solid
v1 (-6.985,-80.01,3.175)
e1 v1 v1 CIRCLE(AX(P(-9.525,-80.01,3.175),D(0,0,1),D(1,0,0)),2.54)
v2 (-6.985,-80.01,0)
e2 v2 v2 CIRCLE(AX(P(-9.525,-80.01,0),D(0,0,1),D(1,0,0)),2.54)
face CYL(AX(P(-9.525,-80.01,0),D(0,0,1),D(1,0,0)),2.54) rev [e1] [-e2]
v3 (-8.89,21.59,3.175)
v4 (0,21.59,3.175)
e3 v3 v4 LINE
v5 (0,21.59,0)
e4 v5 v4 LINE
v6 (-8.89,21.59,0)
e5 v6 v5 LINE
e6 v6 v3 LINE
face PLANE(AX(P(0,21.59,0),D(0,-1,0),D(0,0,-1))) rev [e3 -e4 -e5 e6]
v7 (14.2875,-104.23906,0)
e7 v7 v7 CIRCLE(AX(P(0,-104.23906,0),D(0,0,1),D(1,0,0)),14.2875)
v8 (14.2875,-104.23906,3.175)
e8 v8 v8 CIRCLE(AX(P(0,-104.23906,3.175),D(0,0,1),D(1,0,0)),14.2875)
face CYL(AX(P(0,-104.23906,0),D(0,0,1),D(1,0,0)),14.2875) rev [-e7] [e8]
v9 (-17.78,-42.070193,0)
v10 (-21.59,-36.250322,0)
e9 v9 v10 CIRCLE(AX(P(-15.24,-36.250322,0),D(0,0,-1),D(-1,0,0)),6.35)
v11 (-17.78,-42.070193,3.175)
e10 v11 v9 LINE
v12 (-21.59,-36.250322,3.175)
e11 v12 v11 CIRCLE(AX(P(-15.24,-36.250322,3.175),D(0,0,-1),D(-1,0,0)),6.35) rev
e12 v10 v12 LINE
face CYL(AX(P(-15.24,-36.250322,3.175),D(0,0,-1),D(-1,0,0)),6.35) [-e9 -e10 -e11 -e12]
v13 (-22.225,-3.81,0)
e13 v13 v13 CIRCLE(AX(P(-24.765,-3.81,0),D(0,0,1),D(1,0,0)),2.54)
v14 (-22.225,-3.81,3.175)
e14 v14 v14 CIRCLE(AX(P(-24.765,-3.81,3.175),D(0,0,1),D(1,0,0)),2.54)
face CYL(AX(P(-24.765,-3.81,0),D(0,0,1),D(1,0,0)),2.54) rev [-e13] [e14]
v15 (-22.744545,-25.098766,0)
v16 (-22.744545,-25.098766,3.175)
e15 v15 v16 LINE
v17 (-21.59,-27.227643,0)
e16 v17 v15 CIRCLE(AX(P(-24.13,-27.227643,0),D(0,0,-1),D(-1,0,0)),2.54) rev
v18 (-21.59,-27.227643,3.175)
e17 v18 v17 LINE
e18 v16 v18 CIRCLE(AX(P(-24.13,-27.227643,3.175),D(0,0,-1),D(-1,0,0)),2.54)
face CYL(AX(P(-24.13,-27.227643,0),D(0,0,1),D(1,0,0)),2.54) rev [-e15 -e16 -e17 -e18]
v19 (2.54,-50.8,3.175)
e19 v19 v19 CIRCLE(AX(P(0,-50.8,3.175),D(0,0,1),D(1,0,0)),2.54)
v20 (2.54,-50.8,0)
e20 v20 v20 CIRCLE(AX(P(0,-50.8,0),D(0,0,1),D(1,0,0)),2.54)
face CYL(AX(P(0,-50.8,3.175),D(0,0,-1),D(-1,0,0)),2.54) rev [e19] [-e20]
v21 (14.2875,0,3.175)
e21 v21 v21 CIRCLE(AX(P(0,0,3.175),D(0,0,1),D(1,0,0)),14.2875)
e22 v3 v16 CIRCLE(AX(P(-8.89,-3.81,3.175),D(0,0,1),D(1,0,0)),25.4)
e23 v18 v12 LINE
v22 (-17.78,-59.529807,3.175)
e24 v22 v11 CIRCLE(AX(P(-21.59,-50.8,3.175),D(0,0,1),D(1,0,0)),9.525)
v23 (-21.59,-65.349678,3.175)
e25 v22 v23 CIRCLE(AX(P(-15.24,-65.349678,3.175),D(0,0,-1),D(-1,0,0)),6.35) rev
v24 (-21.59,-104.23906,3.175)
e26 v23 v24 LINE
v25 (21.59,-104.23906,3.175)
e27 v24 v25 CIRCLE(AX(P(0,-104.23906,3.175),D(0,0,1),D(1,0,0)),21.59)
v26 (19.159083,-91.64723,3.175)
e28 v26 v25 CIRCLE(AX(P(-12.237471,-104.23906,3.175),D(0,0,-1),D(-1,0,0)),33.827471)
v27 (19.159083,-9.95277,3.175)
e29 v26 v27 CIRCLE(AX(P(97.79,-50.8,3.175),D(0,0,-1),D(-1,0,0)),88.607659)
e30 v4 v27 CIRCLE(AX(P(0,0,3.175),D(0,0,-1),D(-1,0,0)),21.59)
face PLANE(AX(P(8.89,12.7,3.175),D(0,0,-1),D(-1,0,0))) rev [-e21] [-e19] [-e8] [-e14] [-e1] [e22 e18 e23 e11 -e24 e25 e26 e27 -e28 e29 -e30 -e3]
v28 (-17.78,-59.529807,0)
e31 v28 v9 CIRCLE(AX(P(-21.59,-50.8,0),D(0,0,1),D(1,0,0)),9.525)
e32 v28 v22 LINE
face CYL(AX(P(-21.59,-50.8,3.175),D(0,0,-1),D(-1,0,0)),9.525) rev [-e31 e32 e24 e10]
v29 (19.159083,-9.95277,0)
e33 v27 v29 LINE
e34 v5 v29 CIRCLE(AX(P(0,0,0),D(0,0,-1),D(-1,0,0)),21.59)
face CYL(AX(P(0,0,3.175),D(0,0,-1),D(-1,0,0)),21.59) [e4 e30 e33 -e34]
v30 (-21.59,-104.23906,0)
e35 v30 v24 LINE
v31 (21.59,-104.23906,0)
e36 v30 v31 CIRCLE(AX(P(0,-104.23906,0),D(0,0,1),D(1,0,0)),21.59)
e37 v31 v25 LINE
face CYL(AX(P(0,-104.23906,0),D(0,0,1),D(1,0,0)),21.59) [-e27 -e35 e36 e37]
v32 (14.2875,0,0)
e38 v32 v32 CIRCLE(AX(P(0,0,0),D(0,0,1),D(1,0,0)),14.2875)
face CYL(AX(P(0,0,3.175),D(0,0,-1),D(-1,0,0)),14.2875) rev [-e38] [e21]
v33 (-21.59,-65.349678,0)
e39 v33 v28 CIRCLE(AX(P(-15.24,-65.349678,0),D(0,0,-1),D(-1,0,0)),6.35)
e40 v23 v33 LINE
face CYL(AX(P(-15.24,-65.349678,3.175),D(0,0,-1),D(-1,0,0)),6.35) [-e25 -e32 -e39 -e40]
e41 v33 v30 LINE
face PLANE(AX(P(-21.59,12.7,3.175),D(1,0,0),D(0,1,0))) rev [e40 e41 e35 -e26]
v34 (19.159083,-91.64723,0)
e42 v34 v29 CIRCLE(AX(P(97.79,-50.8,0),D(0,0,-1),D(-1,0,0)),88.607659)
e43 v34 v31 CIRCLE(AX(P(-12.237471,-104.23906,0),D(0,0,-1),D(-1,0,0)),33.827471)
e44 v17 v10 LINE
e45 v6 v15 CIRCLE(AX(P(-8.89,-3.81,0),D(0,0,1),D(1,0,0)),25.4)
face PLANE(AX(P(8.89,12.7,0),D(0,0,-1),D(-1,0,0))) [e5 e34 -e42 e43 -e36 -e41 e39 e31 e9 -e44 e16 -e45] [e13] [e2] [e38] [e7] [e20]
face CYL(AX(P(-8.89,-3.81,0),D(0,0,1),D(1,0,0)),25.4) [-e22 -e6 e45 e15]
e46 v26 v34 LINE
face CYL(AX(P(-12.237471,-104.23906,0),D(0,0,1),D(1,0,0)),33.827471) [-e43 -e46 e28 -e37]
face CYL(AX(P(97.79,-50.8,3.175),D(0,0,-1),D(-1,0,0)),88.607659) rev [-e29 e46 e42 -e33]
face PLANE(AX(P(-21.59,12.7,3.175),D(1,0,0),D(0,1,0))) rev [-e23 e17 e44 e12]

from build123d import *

# Parameters (mm, degrees)
SKETCH1_R            = 14.2875
SKETCH1_R_2          = 2.54
BOSS_EXTRUDE1_DEPTH  = 3.175
CUT_EXTRUDE1_DEPTH   = 162.674043733
FILLET3_R            = 6.35
BOSS_EXTRUDE3_START  = -3.175
SKETCH3_R            = 2.54
BOSS_EXTRUDE3_DEPTH  = 3.175
SKETCH6_R            = 2.54
BOSS_EXTRUDE4_DEPTH  = 3.175
FILLET2_R            = 6.35
CUT_EXTRUDE2_DEPTH   = 168.423732074
CUT_EXTRUDE3_DEPTH   = 168.423732074
CUT_EXTRUDE4_DEPTH   = 168.265702461
BOSS_EXTRUDE8_START  = -3.175
SKETCH15_R           = 2.54
BOSS_EXTRUDE8_DEPTH  = 3.175
FILLET4_R            = 2.54
BOSS_EXTRUDE9_DEPTH  = 3.175
SKETCH17_R           = 14.2875
BOSS_EXTRUDE10_DEPTH = 3.175
CUT_EXTRUDE5_DEPTH   = 131.456264953
SKETCH20_R           = 14.2875
CUT_EXTRUDE6_DEPTH   = 131.456264953
SKETCH21_R           = 2.54
CUT_EXTRUDE7_DEPTH   = 131.456264953


with BuildPart() as part:
    # Sketch1 → Boss-Extrude1 (new body)
    with BuildSketch(Plane.XY):
        with BuildLine():
            Line((-8.89, 25.4), (8.89, 25.4))
            ThreePointArc((8.89, 25.4), (17.870256121, 21.680256121), (21.59, 12.7))
            Line((21.59, 12.7), (21.59, -117.775079775))
            ThreePointArc((21.59, -117.775079775), (21.127743647, -120.388718212), (19.797058824, -122.685251408))
            Line((19.797058824, -122.685251408), (-7.952696208, -155.616779465))
            ThreePointArc((-7.952696208, -155.616779465), (-12.268297602, -157.851943494), (-16.900388255, -156.380852124))
            Line((-16.900388255, -156.380852124), (-32.439211784, -143.287061102))
            ThreePointArc((-32.439211784, -143.287061102), (-34.674375812, -138.971459708), (-33.203284443, -134.339369055))
            Line((-33.203284443, -134.339369055), (-23.382941176, -122.685251408))
            ThreePointArc((-23.382941176, -122.685251408), (-22.052256353, -120.388718212), (-21.59, -117.775079775))
            Line((-21.59, -117.775079775), (-21.59, 12.7))
            ThreePointArc((-21.59, 12.7), (-17.870256121, 21.680256121), (-8.89, 25.4))
        make_face()
        Circle(SKETCH1_R, mode=Mode.SUBTRACT)
        with Locations((0, -101.6)):
            Circle(SKETCH1_R, mode=Mode.SUBTRACT)
        with Locations((-18.532085478, -142.550133084)):
            Circle(SKETCH1_R_2, mode=Mode.SUBTRACT)
        with Locations((0, -50.8)):
            Circle(SKETCH1_R_2, mode=Mode.SUBTRACT)
    extrude(amount=BOSS_EXTRUDE1_DEPTH)

    # Sketch2 → Cut-Extrude1 (cut, through all)
    with BuildSketch(Plane.XY):
        with BuildLine():
            ThreePointArc((19.159083004, -91.647229609), (9.182340769, -50.8), (19.159083004, -9.952770391))
            ThreePointArc((19.159083004, -9.952770391), (20.973467787, -5.122670102), (21.59, 0))
            Line((21.59, 0), (27.94, 0))
            Line((27.94, 0), (27.94, -121.656687185))
            Line((27.94, -121.656687185), (-7.789552878, -164.05809836))
            Line((-7.789552878, -164.05809836), (-17.501317584, -155.874478972))
            Line((-17.501317584, -155.874478972), (16.51, -115.512152961))
            ThreePointArc((16.51, -115.512152961), (20.280273667, -109.005308906), (21.59, -101.6))
            ThreePointArc((21.59, -101.6), (20.973467787, -96.477329898), (19.159083004, -91.647229609))
        make_face()
        with BuildLine():
            Line((-21.59, -41.275), (-21.59, -60.325))
            ThreePointArc((-21.59, -60.325), (-12.065, -50.8), (-21.59, -41.275))
        make_face()
    extrude(amount=CUT_EXTRUDE1_DEPTH, mode=Mode.SUBTRACT)

    # Fillet3
    fillet3_edges = [part.edges().sort_by_distance(p)[0] for p in [
        (-21.59, -41.275, 1.5875),
        (-21.59, -60.325, 1.5875),
    ]]
    fillet(fillet3_edges, radius=FILLET3_R)

    # Sketch3 → Boss-Extrude3 (add)
    with BuildSketch(Plane.XY.offset(3.175).offset(BOSS_EXTRUDE3_START)):
        with BuildLine():
            Line((-27.351416194, -127.394768527), (-36.025496499, -137.688579))
            ThreePointArc((-36.025496499, -137.688579), (-37.217489152, -141.441859142), (-35.4063854, -144.93869507))
            Line((-35.4063854, -144.93869507), (-24.403104784, -154.210610454))
            ThreePointArc((-24.403104784, -154.210610454), (-19.771014132, -155.681701823), (-15.455412737, -153.446537795))
            Line((-15.455412737, -153.446537795), (-7.557639641, -144.073996091))
            Line((-7.557639641, -144.073996091), (-27.351416194, -127.394768527))
        make_face()
        with Locations((-18.532085478, -142.550133084)):
            Circle(SKETCH3_R, mode=Mode.SUBTRACT)
    extrude(amount=BOSS_EXTRUDE3_DEPTH)

    # Sketch6 → Boss-Extrude4 (add)
    with BuildSketch(Plane.XY.offset(3.175)):
        Polygon((-35.4063854, -144.93869507), (-63.620410749, -121.164144113), (-51.344981666, -106.596497054), (-27.065569901, -127.055545526), align=None)
        with Locations((-52.626813855, -117.972130278)):
            Circle(SKETCH6_R, mode=Mode.SUBTRACT)
    extrude(amount=-BOSS_EXTRUDE4_DEPTH)

    # Fillet2
    fillet2_edges = [part.edges().sort_by_distance(p)[0] for p in [
        (-63.620410749, -121.164144113, 1.5875),
        (-51.344981666, -106.596497054, 1.5875),
        (-27.065569901, -127.055545526, 1.5875),
    ]]
    fillet(fillet2_edges, radius=FILLET2_R)

    # Sketch7 → Cut-Extrude2 (cut, through all)
    with BuildSketch(Plane.XY.offset(3.175)):
        with BuildLine():
            Line((-21.59, 0), (-21.59, 31.75))
            Line((-21.59, 31.75), (21.59, 31.75))
            Line((21.59, 31.75), (21.59, 0))
            ThreePointArc((21.59, 0), (0, 21.59), (-21.59, 0))
        make_face()
    extrude(amount=-CUT_EXTRUDE2_DEPTH, mode=Mode.SUBTRACT)

    # Sketch10 → Cut-Extrude3 (cut, through all)
    with BuildSketch(Plane.XY.offset(3.175)):
        with BuildLine():
            Line((-18.151882461, -155.32628042), (-17.361482582, -157.512020269))
            Line((-17.361482582, -157.512020269), (-14.375706423, -156.432313955))
            Line((-14.375706423, -156.432313955), (-15.455412737, -153.446537795))
            ThreePointArc((-15.455412737, -153.446537795), (-16.679911193, -154.563907595), (-18.151882461, -155.32628042))
        make_face()
    extrude(amount=-CUT_EXTRUDE3_DEPTH, mode=Mode.SUBTRACT)

    # Sketch12 → Cut-Extrude4 (cut, through all)
    with BuildSketch(Plane.XY.offset(3.175)):
        with BuildLine():
            Line((-21.59, -101.6), (-72.39, -101.6))
            Line((-72.39, -101.6), (-72.39, -165.1))
            Line((-72.39, -165.1), (16.51, -165.1))
            Line((16.51, -165.1), (16.51, -115.512152961))
            ThreePointArc((16.51, -115.512152961), (-7.405308906, -121.880273667), (-21.59, -101.6))
        make_face()
    extrude(amount=-CUT_EXTRUDE4_DEPTH, mode=Mode.SUBTRACT)

    # Sketch15 → Boss-Extrude8 (add)
    with BuildSketch(Plane.XY.offset(3.175).offset(BOSS_EXTRUDE8_START)):
        with BuildLine():
            ThreePointArc((-34.29, -3.81), (-30.887045256, -16.51), (-21.59, -25.807045256))
            Line((-21.59, -25.807045256), (-21.59, 0))
            ThreePointArc((-21.59, 0), (-15.266435406, 15.266435406), (0, 21.59))
            Line((0, 21.59), (-8.89, 21.59))
            ThreePointArc((-8.89, 21.59), (-26.850512242, 14.150512242), (-34.29, -3.81))
        make_face()
        with Locations((-24.765, -3.81)):
            Circle(SKETCH15_R, mode=Mode.SUBTRACT)
    extrude(amount=BOSS_EXTRUDE8_DEPTH)

    # Fillet4
    fillet4_edges = [part.edges().sort_by_distance(p)[0] for p in [
        (-21.59, -25.807045256, 1.5875),
    ]]
    fillet(fillet4_edges, radius=FILLET4_R)

    # Sketch16 → Boss-Extrude9 (add, through all)
    with BuildSketch(Plane.XY.offset(3.175)):
        with BuildLine():
            Line((-21.59, -101.6), (-1.489522905, -121.700477095))
            Line((-1.489522905, -121.700477095), (4.517920132, -121.700477095))
            Line((4.517920132, -121.700477095), (21.59, -101.6))
            Line((21.59, -101.6), (21.59, -104.23906))
            ThreePointArc((21.59, -104.23906), (0, -125.82906), (-21.59, -104.23906))
            Line((-21.59, -104.23906), (-21.59, -101.6))
        make_face()
    extrude(amount=-BOSS_EXTRUDE9_DEPTH)

    # Sketch17 → Boss-Extrude10 (add, through all)
    with BuildSketch(Plane.XY.offset(3.175)):
        with Locations((0, -101.6)):
            Circle(SKETCH17_R)
    extrude(amount=-BOSS_EXTRUDE10_DEPTH)

    # Sketch19 → Cut-Extrude5 (cut, through all)
    with BuildSketch(Plane.XY.offset(3.175)):
        with BuildLine():
            Line((19.159083004, -91.647229609), (21.59, -91.647229609))
            Line((21.59, -91.647229609), (21.59, -104.23906))
            ThreePointArc((21.59, -104.23906), (20.97671132, -97.826892854), (19.159083004, -91.647229609))
        make_face()
    extrude(amount=-CUT_EXTRUDE5_DEPTH, mode=Mode.SUBTRACT)

    # Sketch20 → Cut-Extrude6 (cut, through all)
    with BuildSketch(Plane.XY.offset(3.175)):
        with Locations((0, -104.23906)):
            Circle(SKETCH20_R)
    extrude(amount=-CUT_EXTRUDE6_DEPTH, mode=Mode.SUBTRACT)

    # Sketch21 → Cut-Extrude7 (cut, through all)
    with BuildSketch(Plane.XY.offset(3.175)):
        with Locations((-9.525, -80.01)):
            Circle(SKETCH21_R)
    extrude(amount=-CUT_EXTRUDE7_DEPTH, mode=Mode.SUBTRACT)


solid = part.part
